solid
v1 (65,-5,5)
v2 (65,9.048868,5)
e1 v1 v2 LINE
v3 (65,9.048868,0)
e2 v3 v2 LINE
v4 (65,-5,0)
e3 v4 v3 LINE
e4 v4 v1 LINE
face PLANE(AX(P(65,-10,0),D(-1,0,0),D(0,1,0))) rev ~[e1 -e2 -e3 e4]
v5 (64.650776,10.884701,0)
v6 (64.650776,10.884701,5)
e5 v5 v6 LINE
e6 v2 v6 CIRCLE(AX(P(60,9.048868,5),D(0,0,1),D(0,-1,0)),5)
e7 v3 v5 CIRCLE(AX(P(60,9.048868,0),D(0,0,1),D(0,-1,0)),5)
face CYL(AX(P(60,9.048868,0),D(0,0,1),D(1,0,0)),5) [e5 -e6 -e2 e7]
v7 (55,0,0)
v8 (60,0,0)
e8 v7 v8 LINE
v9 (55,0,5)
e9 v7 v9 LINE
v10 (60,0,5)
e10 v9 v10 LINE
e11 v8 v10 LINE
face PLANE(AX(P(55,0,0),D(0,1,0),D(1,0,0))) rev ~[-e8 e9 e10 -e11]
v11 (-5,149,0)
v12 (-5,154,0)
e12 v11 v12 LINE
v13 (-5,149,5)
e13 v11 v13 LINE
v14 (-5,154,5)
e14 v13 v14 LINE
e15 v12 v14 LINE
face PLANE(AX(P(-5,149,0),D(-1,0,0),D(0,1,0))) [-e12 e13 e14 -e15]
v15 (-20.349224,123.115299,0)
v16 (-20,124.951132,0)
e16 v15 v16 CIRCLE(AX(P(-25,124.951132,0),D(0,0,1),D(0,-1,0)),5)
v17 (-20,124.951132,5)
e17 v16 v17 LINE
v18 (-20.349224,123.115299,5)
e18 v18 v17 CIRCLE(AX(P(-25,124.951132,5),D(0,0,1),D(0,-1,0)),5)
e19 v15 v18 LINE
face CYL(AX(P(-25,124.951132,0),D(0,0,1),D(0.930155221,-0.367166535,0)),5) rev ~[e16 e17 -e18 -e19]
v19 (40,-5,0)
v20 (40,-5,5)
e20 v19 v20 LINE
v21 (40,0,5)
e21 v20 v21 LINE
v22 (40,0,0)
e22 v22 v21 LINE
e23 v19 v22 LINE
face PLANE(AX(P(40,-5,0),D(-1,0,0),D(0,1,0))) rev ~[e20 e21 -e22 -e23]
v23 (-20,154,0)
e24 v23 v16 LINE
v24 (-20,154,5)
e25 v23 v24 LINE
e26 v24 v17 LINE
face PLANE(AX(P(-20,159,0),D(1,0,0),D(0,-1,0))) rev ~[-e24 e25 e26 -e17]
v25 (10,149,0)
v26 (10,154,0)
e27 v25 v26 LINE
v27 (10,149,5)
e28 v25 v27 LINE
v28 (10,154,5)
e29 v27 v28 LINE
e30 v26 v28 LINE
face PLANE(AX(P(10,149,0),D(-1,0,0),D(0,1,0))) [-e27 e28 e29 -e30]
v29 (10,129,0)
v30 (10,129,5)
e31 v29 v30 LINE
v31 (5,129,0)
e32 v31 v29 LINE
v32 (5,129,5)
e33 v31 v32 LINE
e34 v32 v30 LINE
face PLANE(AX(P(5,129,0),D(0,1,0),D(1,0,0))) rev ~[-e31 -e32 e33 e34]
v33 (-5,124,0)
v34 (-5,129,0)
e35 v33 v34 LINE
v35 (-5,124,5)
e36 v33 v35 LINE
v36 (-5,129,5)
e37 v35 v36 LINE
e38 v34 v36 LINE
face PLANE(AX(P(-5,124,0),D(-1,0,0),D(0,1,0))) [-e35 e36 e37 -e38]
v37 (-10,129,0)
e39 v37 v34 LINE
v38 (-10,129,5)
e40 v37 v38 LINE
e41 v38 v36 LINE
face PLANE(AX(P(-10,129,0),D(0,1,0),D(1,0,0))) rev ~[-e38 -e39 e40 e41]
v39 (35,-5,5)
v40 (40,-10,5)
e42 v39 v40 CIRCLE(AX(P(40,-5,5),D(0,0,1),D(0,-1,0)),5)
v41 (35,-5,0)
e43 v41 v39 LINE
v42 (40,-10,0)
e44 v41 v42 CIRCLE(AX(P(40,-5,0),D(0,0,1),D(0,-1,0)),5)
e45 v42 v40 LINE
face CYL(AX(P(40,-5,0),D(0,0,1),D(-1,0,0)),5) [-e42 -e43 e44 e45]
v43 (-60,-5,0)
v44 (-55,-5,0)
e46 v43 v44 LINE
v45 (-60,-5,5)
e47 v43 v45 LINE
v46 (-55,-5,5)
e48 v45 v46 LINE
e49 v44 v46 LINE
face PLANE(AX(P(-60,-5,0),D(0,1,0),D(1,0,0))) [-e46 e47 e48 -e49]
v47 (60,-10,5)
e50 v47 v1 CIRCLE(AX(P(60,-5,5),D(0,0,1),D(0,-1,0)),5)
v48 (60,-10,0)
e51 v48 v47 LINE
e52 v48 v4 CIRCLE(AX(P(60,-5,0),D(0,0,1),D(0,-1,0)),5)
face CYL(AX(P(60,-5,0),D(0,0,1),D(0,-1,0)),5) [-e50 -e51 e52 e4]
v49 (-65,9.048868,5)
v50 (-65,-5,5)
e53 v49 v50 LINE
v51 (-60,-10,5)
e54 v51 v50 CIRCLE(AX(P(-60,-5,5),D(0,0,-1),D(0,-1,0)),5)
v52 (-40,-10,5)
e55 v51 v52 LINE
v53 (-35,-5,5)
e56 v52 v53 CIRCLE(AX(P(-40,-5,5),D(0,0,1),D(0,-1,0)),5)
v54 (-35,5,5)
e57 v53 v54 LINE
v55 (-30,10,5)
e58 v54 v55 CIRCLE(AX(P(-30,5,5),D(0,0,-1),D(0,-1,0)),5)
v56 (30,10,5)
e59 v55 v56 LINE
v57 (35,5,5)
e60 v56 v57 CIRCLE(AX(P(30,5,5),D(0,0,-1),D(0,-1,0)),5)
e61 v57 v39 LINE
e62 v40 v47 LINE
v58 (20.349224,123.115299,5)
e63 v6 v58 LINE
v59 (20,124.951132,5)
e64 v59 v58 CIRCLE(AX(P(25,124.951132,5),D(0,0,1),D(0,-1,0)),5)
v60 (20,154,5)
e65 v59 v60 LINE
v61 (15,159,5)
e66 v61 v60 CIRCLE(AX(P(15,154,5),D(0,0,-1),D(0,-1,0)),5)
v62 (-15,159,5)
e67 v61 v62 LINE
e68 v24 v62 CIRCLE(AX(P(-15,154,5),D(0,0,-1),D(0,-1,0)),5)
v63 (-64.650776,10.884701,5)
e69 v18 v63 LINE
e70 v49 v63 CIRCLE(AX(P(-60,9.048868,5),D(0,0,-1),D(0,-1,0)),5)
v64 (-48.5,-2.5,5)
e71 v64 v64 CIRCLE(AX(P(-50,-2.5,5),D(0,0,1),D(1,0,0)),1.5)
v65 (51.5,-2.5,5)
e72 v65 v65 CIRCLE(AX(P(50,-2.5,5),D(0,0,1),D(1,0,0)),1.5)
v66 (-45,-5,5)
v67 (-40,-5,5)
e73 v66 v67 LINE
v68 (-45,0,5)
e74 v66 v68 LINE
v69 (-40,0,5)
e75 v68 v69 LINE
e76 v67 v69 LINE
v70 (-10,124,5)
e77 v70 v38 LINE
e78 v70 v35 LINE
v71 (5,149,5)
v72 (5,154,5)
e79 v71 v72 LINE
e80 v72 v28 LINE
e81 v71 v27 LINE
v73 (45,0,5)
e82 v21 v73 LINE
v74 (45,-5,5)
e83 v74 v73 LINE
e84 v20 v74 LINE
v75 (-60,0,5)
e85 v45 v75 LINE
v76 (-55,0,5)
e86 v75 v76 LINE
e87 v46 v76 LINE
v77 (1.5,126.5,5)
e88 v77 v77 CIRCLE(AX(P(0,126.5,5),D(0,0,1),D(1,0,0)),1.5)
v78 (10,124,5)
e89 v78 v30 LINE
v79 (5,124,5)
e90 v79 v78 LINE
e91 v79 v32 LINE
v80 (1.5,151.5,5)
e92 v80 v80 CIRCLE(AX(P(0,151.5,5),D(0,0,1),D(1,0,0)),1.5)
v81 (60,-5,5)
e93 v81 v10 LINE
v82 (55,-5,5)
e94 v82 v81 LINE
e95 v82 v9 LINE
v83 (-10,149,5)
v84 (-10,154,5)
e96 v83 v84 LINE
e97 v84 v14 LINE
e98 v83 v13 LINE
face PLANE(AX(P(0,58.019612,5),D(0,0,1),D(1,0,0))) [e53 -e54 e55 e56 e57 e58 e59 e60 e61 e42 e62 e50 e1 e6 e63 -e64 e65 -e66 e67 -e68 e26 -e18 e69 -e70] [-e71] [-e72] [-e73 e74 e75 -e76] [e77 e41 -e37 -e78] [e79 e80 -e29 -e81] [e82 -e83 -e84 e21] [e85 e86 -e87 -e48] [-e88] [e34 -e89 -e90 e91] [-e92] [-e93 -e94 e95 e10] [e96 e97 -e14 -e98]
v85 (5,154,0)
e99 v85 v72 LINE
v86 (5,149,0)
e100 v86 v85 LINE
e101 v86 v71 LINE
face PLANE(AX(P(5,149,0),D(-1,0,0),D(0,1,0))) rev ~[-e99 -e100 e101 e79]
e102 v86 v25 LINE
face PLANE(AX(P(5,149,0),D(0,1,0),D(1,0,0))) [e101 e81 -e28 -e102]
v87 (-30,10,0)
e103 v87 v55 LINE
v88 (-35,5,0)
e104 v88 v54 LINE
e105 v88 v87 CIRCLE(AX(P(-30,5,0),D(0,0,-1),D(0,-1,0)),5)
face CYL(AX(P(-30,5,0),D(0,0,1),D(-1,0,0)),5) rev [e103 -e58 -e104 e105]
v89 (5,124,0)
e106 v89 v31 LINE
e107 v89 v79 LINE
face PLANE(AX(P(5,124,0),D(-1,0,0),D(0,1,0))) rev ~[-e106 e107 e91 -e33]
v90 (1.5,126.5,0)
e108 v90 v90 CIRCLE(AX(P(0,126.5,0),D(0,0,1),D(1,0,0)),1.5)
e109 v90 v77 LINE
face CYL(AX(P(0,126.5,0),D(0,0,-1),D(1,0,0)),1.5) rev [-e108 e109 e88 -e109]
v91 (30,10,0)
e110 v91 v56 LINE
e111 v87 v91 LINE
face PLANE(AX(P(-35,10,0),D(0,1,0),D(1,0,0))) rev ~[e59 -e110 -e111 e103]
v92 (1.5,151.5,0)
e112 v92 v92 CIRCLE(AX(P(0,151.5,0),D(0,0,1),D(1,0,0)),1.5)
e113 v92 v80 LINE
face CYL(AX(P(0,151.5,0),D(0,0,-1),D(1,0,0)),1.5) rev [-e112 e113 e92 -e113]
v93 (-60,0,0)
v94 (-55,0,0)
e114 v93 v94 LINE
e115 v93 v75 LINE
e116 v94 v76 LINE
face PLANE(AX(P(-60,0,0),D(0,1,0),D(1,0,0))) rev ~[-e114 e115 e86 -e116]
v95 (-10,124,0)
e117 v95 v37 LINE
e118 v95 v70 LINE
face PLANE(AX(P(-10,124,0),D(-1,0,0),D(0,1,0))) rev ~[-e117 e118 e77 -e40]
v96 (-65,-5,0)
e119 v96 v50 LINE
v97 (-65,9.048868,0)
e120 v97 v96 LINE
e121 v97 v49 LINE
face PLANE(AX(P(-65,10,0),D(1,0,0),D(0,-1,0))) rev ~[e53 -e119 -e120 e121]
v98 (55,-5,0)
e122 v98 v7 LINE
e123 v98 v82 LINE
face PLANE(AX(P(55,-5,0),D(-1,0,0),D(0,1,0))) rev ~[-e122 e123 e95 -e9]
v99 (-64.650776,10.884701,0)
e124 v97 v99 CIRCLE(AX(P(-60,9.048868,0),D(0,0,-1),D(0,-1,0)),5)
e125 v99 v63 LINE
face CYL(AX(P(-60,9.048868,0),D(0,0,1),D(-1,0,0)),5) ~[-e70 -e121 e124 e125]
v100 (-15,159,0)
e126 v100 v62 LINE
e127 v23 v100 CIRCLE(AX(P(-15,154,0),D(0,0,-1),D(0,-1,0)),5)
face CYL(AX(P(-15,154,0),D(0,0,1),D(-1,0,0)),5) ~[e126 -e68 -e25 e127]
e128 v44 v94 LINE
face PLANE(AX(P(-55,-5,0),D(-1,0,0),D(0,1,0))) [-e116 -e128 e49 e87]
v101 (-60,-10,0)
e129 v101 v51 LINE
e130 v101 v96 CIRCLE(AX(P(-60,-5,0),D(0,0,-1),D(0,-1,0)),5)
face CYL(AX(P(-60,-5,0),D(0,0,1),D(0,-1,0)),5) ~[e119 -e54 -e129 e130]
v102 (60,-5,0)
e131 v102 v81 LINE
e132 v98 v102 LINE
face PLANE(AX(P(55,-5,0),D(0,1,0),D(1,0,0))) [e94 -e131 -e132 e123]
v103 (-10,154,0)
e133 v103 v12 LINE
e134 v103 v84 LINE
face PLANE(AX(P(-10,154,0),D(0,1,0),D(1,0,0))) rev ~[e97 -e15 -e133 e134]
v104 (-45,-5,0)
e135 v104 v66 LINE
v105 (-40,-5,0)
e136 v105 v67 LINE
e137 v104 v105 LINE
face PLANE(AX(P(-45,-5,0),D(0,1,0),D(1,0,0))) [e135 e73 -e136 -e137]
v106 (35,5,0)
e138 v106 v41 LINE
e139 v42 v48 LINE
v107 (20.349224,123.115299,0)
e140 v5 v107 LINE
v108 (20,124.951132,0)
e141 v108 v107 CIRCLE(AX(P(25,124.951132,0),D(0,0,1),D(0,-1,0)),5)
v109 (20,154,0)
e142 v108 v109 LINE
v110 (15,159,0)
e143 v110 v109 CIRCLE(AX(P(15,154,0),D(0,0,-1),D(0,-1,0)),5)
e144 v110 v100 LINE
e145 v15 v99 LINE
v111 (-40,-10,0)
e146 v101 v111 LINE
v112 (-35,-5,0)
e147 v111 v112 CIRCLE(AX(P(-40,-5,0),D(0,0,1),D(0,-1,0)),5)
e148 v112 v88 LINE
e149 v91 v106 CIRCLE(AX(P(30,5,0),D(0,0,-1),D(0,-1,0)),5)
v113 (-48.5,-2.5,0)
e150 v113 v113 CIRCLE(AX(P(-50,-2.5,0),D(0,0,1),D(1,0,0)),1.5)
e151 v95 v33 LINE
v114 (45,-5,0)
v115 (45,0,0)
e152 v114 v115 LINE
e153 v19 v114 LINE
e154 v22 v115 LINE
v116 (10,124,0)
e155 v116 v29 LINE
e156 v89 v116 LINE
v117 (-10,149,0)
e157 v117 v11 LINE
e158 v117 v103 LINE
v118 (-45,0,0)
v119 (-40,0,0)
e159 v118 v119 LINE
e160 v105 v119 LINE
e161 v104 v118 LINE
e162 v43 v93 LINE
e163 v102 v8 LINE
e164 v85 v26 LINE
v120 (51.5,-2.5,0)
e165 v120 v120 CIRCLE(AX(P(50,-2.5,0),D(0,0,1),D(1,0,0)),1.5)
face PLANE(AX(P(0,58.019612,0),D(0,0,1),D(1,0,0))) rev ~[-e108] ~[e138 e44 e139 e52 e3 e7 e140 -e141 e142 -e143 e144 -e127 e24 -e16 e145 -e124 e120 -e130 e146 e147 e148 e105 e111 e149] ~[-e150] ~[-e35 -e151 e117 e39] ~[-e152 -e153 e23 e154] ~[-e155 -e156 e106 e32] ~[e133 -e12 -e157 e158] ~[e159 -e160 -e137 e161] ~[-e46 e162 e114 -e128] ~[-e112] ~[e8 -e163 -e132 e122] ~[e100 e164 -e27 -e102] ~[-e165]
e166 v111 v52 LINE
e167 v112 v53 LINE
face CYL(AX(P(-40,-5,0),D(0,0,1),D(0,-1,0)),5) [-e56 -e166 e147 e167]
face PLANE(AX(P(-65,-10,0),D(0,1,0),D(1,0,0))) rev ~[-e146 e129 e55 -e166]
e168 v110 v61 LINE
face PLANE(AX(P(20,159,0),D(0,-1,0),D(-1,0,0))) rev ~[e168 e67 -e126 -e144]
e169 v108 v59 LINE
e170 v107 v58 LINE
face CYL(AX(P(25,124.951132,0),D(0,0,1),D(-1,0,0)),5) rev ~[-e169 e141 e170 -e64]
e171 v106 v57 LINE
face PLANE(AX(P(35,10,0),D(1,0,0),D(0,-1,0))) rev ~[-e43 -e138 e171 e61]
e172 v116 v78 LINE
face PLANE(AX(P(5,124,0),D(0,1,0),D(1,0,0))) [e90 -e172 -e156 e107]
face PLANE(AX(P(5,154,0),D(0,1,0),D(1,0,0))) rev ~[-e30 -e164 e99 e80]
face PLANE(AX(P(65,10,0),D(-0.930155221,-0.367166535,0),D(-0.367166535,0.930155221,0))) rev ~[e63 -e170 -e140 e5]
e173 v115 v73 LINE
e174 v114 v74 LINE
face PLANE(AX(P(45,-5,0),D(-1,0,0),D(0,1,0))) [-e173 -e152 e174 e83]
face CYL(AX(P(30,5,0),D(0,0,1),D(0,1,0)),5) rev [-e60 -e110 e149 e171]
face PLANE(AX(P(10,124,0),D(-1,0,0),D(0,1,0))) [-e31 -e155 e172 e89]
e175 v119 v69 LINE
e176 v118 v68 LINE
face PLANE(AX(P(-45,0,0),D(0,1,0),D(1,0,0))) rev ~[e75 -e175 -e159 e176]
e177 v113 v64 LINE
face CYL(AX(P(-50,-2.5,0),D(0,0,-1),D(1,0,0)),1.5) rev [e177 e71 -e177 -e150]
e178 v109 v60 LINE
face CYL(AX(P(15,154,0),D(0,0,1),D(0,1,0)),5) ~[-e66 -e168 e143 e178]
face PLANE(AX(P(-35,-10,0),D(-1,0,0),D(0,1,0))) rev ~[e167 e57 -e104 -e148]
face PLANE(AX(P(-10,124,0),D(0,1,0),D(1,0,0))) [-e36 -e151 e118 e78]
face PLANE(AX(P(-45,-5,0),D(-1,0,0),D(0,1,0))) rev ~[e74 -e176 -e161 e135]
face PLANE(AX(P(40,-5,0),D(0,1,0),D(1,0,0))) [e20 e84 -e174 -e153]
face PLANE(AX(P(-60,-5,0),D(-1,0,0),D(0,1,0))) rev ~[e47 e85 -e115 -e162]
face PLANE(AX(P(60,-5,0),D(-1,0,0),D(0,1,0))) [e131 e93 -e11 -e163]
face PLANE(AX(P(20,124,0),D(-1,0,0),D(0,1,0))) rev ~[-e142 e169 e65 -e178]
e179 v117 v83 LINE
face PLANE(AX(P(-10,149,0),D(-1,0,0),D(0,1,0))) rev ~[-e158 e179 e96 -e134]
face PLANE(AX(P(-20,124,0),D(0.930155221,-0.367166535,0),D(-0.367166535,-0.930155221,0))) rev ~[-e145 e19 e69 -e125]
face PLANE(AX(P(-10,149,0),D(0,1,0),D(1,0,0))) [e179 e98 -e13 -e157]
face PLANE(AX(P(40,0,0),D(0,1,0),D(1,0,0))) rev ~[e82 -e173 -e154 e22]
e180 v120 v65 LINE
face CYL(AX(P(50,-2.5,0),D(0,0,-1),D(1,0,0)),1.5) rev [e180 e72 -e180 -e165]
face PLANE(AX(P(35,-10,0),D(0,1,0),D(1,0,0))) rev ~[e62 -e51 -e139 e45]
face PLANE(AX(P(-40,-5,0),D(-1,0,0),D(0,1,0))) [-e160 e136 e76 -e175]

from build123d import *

# Parameters (mm, degrees)
SKETCH1_R           = 1.5
SKETCH1_W           = 5
SKETCH1_H           = 5
BOSS_EXTRUDE1_DEPTH = 5
FILLET1_R           = 5


with BuildPart() as part:
    # Sketch1 → Boss-Extrude1 (new body)
    with BuildSketch(Plane.XY):
        Polygon((-65, -10), (-35, -10), (-35, 10), (35, 10), (35, -10), (65, -10), (65, 10), (20, 124), (20, 159), (-20, 159), (-20, 124), (-65, 10), align=None)
        with Locations((50, -2.5)):
            Circle(SKETCH1_R, mode=Mode.SUBTRACT)
        with Locations((-50, -2.5)):
            Circle(SKETCH1_R, mode=Mode.SUBTRACT)
        with Locations((0, 126.5)):
            Circle(SKETCH1_R, mode=Mode.SUBTRACT)
        with Locations((0, 151.5)):
            Circle(SKETCH1_R, mode=Mode.SUBTRACT)
        with Locations((42.5, -2.5)):
            Rectangle(SKETCH1_W, SKETCH1_H, mode=Mode.SUBTRACT)
        with Locations((57.5, -2.5)):
            Rectangle(SKETCH1_W, SKETCH1_H, mode=Mode.SUBTRACT)
        with Locations((-57.5, -2.5)):
            Rectangle(SKETCH1_W, SKETCH1_H, mode=Mode.SUBTRACT)
        with Locations((-42.5, -2.5)):
            Rectangle(SKETCH1_W, SKETCH1_H, mode=Mode.SUBTRACT)
        with Locations((-7.5, 126.5)):
            Rectangle(SKETCH1_W, SKETCH1_H, mode=Mode.SUBTRACT)
        with Locations((7.5, 126.5)):
            Rectangle(SKETCH1_W, SKETCH1_H, mode=Mode.SUBTRACT)
        with Locations((-7.5, 151.5)):
            Rectangle(SKETCH1_W, SKETCH1_H, mode=Mode.SUBTRACT)
        with Locations((7.5, 151.5)):
            Rectangle(SKETCH1_W, SKETCH1_H, mode=Mode.SUBTRACT)
    extrude(amount=BOSS_EXTRUDE1_DEPTH)

    # Fillet1
    fillet1_edges = [part.edges().sort_by_distance(p)[0] for p in [
        (-65, 10, 2.5),
        (-20, 124, 2.5),
        (-20, 159, 2.5),
        (20, 159, 2.5),
        (20, 124, 2.5),
        (65, 10, 2.5),
        (65, -10, 2.5),
        (35, -10, 2.5),
        (35, 10, 2.5),
        (-35, 10, 2.5),
        (-35, -10, 2.5),
        (-65, -10, 2.5),
    ]]
    fillet(fillet1_edges, radius=FILLET1_R)


solid = part.part
